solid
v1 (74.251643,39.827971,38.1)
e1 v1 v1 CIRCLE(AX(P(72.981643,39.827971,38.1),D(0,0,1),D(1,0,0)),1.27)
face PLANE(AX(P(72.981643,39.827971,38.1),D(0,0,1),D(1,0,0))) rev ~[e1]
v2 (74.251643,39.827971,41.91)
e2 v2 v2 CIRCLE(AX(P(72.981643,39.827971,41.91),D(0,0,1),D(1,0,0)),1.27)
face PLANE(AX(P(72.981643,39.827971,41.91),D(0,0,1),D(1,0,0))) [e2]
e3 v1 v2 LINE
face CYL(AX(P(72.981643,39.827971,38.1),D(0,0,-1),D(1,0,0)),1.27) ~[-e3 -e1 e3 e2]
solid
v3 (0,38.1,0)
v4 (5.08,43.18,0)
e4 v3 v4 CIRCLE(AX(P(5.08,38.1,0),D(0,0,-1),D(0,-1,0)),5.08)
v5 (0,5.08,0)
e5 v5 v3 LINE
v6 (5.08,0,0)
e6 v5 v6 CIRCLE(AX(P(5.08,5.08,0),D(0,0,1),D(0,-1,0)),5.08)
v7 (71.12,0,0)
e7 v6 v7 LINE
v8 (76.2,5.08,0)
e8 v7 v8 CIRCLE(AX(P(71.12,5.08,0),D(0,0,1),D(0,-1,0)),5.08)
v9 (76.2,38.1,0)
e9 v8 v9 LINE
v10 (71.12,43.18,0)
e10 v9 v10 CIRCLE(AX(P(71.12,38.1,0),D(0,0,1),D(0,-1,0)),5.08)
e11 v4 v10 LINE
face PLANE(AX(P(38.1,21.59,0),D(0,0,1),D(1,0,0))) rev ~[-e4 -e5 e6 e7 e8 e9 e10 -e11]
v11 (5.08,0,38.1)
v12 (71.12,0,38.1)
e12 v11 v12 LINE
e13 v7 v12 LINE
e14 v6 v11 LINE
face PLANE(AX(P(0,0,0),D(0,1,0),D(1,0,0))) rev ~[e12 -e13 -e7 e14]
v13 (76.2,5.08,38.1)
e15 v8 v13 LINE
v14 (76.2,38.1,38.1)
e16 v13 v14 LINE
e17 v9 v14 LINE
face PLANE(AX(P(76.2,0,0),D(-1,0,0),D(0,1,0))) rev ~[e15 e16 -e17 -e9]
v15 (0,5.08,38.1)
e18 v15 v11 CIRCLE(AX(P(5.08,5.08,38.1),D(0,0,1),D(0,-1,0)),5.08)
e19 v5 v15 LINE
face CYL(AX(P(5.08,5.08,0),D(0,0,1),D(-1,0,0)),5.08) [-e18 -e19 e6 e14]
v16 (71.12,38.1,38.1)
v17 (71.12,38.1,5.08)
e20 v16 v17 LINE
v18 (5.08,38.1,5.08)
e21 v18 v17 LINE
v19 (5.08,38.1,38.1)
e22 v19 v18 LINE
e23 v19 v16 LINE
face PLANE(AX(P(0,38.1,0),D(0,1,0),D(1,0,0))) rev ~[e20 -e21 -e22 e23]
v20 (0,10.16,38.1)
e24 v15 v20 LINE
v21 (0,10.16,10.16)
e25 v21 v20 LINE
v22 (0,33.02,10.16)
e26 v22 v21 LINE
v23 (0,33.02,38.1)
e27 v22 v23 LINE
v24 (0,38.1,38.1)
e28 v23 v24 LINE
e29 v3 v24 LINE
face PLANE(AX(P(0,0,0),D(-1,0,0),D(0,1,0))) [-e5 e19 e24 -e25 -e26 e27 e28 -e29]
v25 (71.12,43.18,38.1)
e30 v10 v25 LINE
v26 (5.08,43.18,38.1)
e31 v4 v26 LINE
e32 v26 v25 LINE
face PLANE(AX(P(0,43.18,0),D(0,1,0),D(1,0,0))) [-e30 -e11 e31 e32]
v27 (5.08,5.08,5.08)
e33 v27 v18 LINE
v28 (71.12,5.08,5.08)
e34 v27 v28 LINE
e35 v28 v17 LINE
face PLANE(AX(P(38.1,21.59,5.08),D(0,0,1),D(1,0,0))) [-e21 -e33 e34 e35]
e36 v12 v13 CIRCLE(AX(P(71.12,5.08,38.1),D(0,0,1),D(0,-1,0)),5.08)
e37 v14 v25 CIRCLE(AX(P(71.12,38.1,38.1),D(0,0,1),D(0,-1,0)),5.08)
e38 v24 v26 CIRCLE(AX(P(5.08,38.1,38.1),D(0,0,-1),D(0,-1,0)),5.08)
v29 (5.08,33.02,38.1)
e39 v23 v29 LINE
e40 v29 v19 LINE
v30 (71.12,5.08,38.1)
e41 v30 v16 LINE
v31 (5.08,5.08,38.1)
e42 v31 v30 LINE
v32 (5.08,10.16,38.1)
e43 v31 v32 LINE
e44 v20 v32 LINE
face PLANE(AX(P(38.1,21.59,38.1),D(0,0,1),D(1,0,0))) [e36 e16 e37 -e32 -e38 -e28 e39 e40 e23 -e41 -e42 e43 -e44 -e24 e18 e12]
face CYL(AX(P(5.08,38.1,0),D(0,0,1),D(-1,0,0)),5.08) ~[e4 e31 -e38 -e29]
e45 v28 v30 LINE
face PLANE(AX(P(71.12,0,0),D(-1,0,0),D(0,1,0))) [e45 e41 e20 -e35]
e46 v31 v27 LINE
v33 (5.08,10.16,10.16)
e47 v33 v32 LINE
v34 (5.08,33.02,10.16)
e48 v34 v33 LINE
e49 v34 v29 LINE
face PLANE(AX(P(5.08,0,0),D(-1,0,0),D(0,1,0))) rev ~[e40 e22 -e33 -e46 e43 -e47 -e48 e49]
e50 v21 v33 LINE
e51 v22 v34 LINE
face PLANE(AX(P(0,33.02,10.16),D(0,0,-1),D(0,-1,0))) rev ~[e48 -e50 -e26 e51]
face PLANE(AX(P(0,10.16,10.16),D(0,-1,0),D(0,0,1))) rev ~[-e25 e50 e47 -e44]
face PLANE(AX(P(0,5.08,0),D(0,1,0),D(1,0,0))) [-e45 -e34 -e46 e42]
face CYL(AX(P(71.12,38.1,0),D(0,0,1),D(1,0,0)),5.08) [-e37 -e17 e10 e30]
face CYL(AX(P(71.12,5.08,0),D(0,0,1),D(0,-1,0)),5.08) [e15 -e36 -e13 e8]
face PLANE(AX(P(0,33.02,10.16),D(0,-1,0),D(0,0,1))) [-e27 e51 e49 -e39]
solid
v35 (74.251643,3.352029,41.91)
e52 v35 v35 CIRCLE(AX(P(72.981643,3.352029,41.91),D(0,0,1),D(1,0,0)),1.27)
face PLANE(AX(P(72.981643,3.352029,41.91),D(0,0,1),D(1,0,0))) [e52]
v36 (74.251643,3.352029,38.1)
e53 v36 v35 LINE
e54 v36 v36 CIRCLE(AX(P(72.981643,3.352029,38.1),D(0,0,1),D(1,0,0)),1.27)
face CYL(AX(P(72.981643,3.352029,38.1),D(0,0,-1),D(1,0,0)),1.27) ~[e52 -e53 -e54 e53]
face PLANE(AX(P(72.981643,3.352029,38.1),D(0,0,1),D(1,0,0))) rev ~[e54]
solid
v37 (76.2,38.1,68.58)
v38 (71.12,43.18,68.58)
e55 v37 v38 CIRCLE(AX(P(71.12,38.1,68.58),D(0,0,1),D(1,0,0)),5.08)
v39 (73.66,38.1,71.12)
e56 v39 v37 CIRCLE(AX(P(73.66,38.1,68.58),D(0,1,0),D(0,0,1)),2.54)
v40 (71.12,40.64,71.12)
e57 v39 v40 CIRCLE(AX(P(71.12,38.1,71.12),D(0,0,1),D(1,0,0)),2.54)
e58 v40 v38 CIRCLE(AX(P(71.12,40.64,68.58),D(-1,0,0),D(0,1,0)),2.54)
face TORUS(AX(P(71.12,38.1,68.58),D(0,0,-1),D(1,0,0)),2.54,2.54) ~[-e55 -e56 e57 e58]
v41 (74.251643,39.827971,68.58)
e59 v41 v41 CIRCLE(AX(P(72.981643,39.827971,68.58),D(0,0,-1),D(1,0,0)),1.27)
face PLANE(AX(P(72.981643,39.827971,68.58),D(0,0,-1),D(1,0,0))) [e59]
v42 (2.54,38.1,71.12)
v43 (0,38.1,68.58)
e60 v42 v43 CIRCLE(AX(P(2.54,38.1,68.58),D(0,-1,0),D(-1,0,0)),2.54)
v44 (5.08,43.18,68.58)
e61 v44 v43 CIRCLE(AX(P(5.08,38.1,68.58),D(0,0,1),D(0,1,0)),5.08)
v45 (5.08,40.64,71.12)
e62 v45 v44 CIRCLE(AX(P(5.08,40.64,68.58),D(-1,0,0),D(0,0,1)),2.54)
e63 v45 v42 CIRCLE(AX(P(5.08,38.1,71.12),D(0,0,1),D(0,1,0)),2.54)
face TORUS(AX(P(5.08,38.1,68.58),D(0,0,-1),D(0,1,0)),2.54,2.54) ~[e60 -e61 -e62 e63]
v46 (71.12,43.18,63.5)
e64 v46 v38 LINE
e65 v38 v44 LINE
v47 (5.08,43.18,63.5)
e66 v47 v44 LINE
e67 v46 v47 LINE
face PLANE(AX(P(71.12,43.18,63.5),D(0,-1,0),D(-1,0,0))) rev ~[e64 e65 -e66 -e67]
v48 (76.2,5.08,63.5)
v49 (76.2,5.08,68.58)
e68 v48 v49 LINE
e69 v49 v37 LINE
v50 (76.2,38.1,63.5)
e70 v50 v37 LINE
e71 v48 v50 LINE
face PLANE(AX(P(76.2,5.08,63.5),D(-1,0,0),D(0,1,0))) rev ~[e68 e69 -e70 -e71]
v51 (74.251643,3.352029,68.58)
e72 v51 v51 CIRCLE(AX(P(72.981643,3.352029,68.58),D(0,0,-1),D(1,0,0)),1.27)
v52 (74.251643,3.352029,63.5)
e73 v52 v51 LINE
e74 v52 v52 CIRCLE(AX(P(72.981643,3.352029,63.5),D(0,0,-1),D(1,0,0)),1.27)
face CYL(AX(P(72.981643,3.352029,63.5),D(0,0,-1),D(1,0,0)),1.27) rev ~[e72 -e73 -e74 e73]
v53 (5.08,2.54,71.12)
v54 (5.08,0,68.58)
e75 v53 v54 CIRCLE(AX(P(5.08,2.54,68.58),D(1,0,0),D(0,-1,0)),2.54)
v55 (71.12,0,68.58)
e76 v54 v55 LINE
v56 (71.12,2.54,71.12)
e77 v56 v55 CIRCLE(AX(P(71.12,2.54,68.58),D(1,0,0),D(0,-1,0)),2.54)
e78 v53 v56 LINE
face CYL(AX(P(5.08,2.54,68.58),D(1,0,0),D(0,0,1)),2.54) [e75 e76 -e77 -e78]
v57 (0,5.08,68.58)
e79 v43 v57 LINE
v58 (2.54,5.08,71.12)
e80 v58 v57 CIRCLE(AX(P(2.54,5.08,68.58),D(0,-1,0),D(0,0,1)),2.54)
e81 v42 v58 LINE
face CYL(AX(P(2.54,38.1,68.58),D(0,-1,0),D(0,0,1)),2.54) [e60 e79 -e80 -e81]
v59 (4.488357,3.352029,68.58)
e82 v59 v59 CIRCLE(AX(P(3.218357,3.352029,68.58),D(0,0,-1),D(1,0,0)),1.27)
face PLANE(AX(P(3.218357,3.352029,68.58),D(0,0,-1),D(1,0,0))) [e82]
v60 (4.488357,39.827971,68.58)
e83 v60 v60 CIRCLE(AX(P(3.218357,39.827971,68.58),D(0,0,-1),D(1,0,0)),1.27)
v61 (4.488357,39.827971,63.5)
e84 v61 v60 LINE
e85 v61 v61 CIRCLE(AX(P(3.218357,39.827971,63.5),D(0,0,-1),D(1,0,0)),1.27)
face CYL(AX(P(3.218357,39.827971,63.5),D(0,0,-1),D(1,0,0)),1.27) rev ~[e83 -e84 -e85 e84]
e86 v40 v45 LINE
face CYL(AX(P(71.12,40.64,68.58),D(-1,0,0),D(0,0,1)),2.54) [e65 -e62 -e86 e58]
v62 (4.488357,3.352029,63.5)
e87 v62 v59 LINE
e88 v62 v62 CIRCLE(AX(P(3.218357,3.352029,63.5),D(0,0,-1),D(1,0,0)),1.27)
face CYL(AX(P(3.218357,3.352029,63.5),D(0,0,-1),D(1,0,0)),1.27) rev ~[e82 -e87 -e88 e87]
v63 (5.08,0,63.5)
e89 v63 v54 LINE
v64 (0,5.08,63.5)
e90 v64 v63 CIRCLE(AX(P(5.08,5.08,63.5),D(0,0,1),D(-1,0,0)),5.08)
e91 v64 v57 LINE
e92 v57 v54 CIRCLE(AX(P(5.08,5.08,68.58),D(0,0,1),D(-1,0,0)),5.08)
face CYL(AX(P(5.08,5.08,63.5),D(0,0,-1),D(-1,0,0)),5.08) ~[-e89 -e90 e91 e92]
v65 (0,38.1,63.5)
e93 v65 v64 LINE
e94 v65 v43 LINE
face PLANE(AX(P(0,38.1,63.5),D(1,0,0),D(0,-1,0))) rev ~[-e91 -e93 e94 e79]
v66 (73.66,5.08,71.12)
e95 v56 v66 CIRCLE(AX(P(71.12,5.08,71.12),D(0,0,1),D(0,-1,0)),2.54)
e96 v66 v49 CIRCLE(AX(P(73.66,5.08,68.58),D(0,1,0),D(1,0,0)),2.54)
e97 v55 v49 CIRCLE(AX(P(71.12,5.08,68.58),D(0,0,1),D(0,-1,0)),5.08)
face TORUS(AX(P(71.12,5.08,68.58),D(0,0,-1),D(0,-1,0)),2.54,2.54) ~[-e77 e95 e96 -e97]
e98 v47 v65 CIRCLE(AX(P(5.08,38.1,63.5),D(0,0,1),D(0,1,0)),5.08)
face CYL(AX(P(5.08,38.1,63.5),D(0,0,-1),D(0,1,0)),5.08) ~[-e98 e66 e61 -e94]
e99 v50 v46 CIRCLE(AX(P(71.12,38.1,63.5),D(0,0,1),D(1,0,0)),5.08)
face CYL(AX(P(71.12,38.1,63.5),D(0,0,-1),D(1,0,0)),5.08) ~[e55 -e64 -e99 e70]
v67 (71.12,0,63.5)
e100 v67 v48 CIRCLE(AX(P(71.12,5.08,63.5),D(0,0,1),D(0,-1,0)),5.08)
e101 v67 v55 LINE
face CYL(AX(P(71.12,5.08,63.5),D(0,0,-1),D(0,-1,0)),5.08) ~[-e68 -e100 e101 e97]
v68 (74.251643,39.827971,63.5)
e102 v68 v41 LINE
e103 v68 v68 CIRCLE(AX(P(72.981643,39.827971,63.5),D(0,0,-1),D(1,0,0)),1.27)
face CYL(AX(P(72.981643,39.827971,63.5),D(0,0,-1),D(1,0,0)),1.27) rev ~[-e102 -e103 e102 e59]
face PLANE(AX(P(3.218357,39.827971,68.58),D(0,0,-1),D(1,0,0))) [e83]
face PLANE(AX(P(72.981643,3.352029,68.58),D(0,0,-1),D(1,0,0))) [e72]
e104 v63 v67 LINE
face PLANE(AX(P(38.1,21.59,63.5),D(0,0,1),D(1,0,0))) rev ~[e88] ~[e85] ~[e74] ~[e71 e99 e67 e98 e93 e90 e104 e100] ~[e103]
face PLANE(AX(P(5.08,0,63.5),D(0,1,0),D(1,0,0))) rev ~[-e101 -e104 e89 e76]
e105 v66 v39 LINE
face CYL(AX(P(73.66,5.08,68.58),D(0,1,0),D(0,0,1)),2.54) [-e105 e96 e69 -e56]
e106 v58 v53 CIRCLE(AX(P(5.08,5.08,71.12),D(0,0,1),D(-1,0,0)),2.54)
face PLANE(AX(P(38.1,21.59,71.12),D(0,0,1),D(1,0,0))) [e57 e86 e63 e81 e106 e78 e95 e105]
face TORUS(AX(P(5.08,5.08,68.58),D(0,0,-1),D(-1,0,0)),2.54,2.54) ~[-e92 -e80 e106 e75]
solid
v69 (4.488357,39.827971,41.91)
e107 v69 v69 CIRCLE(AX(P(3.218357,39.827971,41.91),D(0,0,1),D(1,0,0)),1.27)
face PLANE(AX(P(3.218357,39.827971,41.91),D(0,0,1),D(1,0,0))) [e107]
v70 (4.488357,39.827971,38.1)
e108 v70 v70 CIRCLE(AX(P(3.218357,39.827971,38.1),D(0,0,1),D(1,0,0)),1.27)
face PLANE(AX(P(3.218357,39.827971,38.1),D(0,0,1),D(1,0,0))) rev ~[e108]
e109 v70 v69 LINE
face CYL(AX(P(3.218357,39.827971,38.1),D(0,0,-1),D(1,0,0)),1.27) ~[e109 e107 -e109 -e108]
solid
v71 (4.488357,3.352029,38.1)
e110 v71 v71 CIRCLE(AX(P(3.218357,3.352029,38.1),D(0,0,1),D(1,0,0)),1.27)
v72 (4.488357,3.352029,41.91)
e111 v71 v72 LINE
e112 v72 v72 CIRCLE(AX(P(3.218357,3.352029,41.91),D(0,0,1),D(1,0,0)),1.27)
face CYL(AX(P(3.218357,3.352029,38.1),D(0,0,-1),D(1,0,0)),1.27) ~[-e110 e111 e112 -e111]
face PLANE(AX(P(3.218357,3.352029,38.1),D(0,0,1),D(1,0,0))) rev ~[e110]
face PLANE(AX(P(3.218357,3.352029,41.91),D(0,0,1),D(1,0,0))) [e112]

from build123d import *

# Parameters (mm, degrees)
F0_W      = 76.2
F0_H      = 43.18
F1_DEPTH  = 38.1
F2_T      = -5.08
F3_R      = 5.08
F4_R      = 1.27
F5_DEPTH  = 3.81
F7_W      = 66.04
F7_H      = 33.02
F8_DEPTH  = 7.62
F9_R      = 1.27
F10_DEPTH = 5.08
F11_R     = 2.54
F12_W     = 22.86
F12_H     = 27.94
F13_DEPTH = 5.08


with BuildPart() as f1:
    # F0 (on Top) → F1 (new body)
    with BuildSketch(Plane.XY):
        with Locations((38.1, 21.59)):
            Rectangle(F0_W, F0_H)
    extrude(amount=F1_DEPTH)

    # F2
    f2_openings = [f1.faces().sort_by_distance(p)[0] for p in [
        (38.1, 21.59, 38.1),
    ]]
    offset(amount=F2_T, openings=f2_openings)

    # F3
    f3_edges = [f1.edges().sort_by_distance(p)[0] for p in [
        (76.2, 43.18, 19.05),
        (76.2, 0, 19.05),
        (0, 0, 19.05),
        (0, 43.18, 19.05),
    ]]
    fillet(f3_edges, radius=F3_R)

    # F12 (on face) → F13 (cut, through all)
    with BuildSketch(Plane(origin=(0, 0, 0), x_dir=(0, -1, 0), z_dir=(-1, 0, 0))):
        with Locations((-21.59, 24.13)):
            Rectangle(F12_W, F12_H)
    extrude(amount=-F13_DEPTH, mode=Mode.SUBTRACT)


with BuildPart() as f5:
    # F4 (on face) → F5 (new body)
    with BuildSketch(Plane.XY.offset(38.1)):
        with Locations((3.2183568498, 3.3520287093)):
            Circle(F4_R)
    extrude(amount=F5_DEPTH)


with BuildPart() as f5b:
    # F4 (on face) → F5, piece 2 (new body)
    with BuildSketch(Plane.XY.offset(38.1)):
        with Locations((3.2183568498, 39.8279712907)):
            Circle(F4_R)
    extrude(amount=F5_DEPTH)


with BuildPart() as f5c:
    # F4 (on face) → F5, piece 3 (new body)
    with BuildSketch(Plane.XY.offset(38.1)):
        with Locations((72.9816431502, 3.3520287093)):
            Circle(F4_R)
    extrude(amount=F5_DEPTH)


with BuildPart() as f5d:
    # F4 (on face) → F5, piece 4 (new body)
    with BuildSketch(Plane.XY.offset(38.1)):
        with Locations((72.9816431502, 39.8279712907)):
            Circle(F4_R)
    extrude(amount=F5_DEPTH)


with BuildPart() as f8:
    # F7 (on offset) → F8 (new body)
    with BuildSketch(Plane.XY.offset(63.5)):
        with BuildLine():
            ThreePointArc((76.2, 38.1), (74.7121024484, 41.6921024484), (71.12, 43.18))
            Line((71.12, 43.18), (5.08, 43.18))
            ThreePointArc((5.08, 43.18), (1.4878975516, 41.6921024484), (0, 38.1))
            Line((0, 38.1), (0, 5.08))
            ThreePointArc((0, 5.08), (1.4878975516, 1.4878975516), (5.08, 0))
            Line((5.08, 0), (71.12, 0))
            ThreePointArc((71.12, 0), (74.7121024484, 1.4878975516), (76.2, 5.08))
            Line((76.2, 5.08), (76.2, 38.1))
        make_face()
        with Locations((38.1, 21.59)):
            Rectangle(F7_W, F7_H, mode=Mode.SUBTRACT)
        with Locations((38.1, 21.59)):
            Rectangle(F7_W, F7_H)
    extrude(amount=F8_DEPTH)

    # F9 (on face) → F10 (cut)
    with BuildSketch(Plane(origin=(0, 0, 63.5), x_dir=(1, 0, 0), z_dir=(0, 0, -1))):
        with Locations((3.2183568498, -3.3520287093)):
            Circle(F9_R)
        with Locations((72.9816431502, -3.3520287093)):
            Circle(F9_R)
        with Locations((72.9816431502, -39.8279712907)):
            Circle(F9_R)
        with Locations((3.2183568498, -39.8279712907)):
            Circle(F9_R)
    extrude(amount=-F10_DEPTH, mode=Mode.SUBTRACT)

    # F11
    f11_edges = [f8.edges().sort_by_distance(p)[0] for p in [
        (74.712102, 1.487898, 71.12),
        (76.2, 21.59, 71.12),
        (74.712102, 41.692102, 71.12),
        (38.1, 43.18, 71.12),
        (1.487898, 41.692102, 71.12),
        (0, 21.59, 71.12),
        (1.487898, 1.487898, 71.12),
        (38.1, 0, 71.12),
    ]]
    fillet(f11_edges, radius=F11_R)


solid = Compound([f1.part, f5.part, f5b.part, f5c.part, f5d.part, f8.part])
